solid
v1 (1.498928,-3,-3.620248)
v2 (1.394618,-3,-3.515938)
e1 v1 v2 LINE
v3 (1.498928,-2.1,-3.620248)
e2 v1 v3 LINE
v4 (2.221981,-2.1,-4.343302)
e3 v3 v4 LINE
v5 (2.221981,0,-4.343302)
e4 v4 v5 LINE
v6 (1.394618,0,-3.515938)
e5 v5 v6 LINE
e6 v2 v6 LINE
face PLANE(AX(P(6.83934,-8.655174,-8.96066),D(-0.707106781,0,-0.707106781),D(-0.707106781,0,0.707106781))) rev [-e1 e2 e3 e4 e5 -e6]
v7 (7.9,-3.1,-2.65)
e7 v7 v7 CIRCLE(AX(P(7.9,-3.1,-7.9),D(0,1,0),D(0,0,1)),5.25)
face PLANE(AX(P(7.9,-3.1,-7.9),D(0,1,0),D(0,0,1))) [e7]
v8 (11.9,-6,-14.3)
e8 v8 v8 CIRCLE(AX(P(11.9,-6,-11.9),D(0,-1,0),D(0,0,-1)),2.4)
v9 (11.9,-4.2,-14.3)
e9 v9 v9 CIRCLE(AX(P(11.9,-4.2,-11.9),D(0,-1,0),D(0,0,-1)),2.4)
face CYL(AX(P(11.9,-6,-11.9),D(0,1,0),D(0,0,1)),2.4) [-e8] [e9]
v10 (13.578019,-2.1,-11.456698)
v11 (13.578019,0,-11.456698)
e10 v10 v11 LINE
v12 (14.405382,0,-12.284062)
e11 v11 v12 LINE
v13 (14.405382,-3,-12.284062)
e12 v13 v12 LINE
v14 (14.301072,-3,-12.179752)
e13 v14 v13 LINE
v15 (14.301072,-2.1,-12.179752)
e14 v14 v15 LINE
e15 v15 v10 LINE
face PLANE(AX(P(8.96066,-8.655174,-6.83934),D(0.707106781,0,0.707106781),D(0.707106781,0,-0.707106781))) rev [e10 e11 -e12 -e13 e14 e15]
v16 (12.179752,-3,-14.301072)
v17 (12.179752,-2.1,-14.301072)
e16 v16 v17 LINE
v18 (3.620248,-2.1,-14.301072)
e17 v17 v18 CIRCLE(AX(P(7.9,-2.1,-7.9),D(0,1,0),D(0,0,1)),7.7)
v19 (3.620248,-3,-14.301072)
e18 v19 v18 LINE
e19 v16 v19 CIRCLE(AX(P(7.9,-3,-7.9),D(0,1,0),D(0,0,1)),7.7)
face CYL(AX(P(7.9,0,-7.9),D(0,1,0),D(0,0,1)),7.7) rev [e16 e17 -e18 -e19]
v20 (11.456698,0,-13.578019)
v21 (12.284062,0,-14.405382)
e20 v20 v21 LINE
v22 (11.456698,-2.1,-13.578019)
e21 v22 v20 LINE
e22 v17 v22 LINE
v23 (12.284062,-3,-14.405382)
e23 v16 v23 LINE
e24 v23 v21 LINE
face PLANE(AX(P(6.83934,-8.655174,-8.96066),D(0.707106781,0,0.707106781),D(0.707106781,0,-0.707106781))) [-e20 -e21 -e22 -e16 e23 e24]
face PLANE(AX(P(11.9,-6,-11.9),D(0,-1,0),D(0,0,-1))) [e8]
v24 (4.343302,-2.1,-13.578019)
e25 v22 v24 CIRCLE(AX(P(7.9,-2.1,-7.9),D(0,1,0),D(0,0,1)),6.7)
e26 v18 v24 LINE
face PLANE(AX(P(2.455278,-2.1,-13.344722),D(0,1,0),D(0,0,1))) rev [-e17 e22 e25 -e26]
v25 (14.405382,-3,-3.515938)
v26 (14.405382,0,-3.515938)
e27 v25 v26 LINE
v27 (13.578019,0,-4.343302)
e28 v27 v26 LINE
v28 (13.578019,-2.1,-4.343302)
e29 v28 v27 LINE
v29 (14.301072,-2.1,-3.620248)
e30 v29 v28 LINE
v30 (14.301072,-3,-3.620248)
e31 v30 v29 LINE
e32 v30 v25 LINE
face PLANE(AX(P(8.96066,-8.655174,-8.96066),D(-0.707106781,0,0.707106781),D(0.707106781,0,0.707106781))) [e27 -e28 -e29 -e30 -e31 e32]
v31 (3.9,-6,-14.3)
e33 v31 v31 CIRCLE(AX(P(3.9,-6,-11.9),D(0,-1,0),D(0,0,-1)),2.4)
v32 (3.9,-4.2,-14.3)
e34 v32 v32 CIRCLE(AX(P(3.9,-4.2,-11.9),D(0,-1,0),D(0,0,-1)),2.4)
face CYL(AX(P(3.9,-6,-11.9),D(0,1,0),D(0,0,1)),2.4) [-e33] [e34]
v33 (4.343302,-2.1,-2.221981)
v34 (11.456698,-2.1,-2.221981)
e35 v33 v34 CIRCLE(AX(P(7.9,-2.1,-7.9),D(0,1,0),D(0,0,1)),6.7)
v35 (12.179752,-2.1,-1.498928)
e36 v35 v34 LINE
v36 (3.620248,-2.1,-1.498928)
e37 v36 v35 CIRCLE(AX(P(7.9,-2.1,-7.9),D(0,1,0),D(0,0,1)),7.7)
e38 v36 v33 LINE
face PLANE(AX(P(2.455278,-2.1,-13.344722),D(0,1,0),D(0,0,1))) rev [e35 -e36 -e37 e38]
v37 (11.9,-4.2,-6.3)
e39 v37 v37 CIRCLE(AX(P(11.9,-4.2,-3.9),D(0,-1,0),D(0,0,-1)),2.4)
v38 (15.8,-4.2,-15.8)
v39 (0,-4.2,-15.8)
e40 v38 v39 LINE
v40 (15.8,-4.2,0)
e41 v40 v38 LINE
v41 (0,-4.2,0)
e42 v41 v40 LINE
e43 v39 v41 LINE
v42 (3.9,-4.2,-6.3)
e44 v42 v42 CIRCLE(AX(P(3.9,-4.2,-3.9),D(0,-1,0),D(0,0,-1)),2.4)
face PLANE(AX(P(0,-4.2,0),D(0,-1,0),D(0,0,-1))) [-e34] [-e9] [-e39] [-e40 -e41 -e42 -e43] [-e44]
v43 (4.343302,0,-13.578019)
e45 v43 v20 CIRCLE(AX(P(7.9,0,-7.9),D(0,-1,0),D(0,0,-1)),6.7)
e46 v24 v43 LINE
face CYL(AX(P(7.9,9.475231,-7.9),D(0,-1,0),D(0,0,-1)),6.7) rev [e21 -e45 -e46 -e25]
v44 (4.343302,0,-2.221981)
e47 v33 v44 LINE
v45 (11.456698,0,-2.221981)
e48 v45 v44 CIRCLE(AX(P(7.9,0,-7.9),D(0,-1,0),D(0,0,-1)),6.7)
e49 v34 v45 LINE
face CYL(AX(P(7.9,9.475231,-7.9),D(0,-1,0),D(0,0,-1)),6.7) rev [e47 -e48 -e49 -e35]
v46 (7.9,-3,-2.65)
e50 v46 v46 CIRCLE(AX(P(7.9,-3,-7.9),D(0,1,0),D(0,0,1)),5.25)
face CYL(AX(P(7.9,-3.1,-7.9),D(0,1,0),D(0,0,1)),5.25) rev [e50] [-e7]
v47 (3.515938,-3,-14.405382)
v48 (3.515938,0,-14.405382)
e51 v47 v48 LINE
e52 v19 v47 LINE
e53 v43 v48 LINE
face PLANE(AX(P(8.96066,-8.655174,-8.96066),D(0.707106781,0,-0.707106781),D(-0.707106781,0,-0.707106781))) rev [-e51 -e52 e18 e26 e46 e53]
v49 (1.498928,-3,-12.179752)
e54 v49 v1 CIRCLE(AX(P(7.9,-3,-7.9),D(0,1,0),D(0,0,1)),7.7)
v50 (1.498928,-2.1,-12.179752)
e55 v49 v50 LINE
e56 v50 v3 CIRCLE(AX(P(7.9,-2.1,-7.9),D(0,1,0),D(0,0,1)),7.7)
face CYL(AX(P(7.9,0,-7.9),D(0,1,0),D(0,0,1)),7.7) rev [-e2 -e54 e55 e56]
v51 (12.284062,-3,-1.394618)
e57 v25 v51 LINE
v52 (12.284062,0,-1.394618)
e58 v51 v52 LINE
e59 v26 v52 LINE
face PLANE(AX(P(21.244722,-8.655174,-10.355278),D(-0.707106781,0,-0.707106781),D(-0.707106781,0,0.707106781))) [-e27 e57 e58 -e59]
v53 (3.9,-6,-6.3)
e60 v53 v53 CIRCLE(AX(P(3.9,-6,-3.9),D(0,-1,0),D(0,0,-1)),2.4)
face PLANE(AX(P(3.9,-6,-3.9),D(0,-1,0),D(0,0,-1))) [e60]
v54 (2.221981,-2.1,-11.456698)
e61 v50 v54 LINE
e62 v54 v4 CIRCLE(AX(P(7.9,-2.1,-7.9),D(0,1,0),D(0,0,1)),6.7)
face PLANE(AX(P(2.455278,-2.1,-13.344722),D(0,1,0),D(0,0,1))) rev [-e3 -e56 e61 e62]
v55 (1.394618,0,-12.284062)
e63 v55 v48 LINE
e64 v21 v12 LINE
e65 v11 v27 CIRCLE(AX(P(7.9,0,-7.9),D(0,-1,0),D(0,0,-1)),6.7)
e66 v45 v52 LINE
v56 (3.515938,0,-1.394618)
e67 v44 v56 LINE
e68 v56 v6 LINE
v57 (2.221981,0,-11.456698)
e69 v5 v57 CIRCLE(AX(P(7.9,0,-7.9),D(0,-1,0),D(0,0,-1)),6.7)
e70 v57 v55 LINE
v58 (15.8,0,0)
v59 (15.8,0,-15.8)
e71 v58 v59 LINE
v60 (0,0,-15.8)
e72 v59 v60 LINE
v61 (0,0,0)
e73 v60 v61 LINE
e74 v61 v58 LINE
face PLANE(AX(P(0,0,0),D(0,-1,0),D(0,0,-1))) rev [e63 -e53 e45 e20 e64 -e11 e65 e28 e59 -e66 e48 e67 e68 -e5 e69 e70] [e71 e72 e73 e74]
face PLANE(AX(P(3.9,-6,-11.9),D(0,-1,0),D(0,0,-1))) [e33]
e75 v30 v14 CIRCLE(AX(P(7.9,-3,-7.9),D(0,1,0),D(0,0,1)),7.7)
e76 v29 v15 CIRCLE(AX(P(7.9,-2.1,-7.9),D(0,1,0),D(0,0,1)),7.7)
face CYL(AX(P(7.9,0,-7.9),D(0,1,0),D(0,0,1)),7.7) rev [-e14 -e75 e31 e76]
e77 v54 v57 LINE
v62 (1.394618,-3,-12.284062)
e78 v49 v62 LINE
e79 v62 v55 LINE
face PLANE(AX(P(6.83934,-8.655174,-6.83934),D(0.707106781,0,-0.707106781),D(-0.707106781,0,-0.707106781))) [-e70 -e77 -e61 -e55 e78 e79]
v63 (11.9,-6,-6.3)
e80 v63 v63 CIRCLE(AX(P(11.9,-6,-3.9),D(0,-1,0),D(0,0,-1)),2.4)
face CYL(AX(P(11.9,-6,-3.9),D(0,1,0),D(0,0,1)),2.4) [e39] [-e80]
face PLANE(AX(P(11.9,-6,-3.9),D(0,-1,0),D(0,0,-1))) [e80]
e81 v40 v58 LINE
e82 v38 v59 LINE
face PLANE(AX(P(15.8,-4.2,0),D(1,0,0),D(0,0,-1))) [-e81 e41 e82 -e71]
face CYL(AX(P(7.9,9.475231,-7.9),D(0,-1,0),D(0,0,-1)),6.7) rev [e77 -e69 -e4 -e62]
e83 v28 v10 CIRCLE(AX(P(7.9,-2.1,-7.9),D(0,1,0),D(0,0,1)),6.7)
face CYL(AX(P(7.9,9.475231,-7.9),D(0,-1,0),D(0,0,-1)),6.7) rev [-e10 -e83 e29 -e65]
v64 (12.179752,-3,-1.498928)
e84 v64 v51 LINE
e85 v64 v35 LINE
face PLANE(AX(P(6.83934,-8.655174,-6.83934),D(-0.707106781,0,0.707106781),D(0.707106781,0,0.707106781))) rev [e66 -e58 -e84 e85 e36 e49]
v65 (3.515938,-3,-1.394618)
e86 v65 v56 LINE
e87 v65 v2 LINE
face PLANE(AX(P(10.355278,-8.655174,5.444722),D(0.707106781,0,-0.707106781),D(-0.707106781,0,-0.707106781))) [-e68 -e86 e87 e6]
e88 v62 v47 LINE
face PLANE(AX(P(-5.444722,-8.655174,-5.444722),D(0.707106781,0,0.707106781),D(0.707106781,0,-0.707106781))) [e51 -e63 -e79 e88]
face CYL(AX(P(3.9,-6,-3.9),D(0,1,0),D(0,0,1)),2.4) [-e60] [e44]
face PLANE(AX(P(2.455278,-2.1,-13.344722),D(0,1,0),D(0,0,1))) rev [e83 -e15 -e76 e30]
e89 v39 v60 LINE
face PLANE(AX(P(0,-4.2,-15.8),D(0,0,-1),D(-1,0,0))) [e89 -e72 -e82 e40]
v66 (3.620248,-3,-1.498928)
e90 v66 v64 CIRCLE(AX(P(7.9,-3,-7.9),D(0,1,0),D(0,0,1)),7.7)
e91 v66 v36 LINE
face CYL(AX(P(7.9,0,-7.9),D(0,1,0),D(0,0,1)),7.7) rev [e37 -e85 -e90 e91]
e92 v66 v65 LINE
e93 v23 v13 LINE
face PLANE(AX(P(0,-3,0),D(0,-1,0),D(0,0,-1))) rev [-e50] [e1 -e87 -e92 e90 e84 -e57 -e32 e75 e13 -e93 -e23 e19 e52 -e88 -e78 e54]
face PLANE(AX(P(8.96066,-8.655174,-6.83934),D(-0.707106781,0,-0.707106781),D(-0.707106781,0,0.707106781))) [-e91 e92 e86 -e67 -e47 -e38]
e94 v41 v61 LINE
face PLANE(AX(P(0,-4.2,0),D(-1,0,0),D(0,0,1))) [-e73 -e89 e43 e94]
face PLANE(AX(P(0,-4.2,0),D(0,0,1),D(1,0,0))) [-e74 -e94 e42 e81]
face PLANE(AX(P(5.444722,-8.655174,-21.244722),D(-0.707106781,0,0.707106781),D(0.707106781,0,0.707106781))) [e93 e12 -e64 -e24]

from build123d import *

# Parameters (mm, degrees)
SKETCH2_W            = 15.8
SKETCH2_H            = 15.8
BOSS_EXTRUDE2_DEPTH  = 4.2
SKETCH4_W            = 13.4
SKETCH4_H            = 13.4
CUT_EXTRUDE1_DEPTH   = 3
SKETCH6_R            = 2.4
BOSS_EXTRUDE4_DEPTH  = 1.8
LPATTERN1_COUNT      = 2
LPATTERN1_PITCH      = 8
LPATTERN1_COUNT_DIR2 = 2
LPATTERN1_PITCH_DIR2 = 8
SKETCH8_R            = 5.25
CUT_EXTRUDE2_DEPTH   = 0.1
BOSS_EXTRUDE9_DEPTH  = 3
CUT_EXTRUDE3_DEPTH   = 3
CIRPATTERN3_COUNT    = 4
SKETCH19_W           = 1.484523383
SKETCH19_H           = 0.9


with BuildPart() as part:
    # Sketch2 → Boss-Extrude2 (new body)
    with BuildSketch(Plane(origin=(0, 0, 0), x_dir=(1, 0, 0), z_dir=(0, 1, 0))):
        with Locations((7.9, 7.9)):
            Rectangle(SKETCH2_W, SKETCH2_H)
    extrude(amount=-BOSS_EXTRUDE2_DEPTH)

    # Sketch4 → Cut-Extrude1 (cut)
    with BuildSketch(Plane(origin=(0, 0, 0), x_dir=(1, 0, 0), z_dir=(0, 1, 0))):
        with Locations((7.9, 7.9)):
            Rectangle(SKETCH4_W, SKETCH4_H)
    extrude(amount=-CUT_EXTRUDE1_DEPTH, mode=Mode.SUBTRACT)

    # Sketch6 → Boss-Extrude4 (add)
    with BuildSketch(Plane(origin=(0, -4.2, 0), x_dir=(-1, 0, 0), z_dir=(0, -1, 0))):
        with Locations((-11.9, 11.9)):
            Circle(SKETCH6_R)
    boss_extrude4 = extrude(amount=BOSS_EXTRUDE4_DEPTH)

    # LPattern1: Boss-Extrude4 2 × 2
    with Locations(*[(-j * LPATTERN1_PITCH_DIR2, 0, i * LPATTERN1_PITCH) for i in range(LPATTERN1_COUNT) for j in range(LPATTERN1_COUNT_DIR2) if (i, j) != (0, 0)]):
        add(boss_extrude4)

    # Sketch8 → Cut-Extrude2 (cut)
    with BuildSketch(Plane(origin=(0, -3, 0), x_dir=(1, 0, 0), z_dir=(0, 1, 0))):
        with Locations((7.9, 7.9)):
            Circle(SKETCH8_R)
    extrude(amount=-CUT_EXTRUDE2_DEPTH, mode=Mode.SUBTRACT)

    # Sketch11 → Boss-Extrude9 (add)
    with BuildSketch(Plane(origin=(0, -3, 0), x_dir=(1, 0, 0), z_dir=(0, 1, 0))):
        with BuildLine():
            Line((7.899999971, 14.6), (1.2, 14.6))
            Line((1.2, 14.6), (1.2, 7.9))
            ThreePointArc((1.2, 7.9), (3.162384556, 12.637615424), (7.899999971, 14.6))
        make_face()
        with BuildLine():
            Line((14.6, 14.6), (7.899999971, 14.6))
            ThreePointArc((7.899999971, 14.6), (12.637615424, 12.637615444), (14.6, 7.9))
            Line((14.6, 7.9), (14.6, 14.6))
        make_face()
        with BuildLine():
            ThreePointArc((7.900000011, 1.2), (3.16238457, 3.162384562), (1.2, 7.9))
            Line((1.2, 7.9), (1.2, 1.2))
            Line((1.2, 1.2), (7.900000011, 1.2))
        make_face()
        with BuildLine():
            Line((14.6, 1.2), (14.6, 7.9))
            ThreePointArc((14.6, 7.9), (12.637615438, 3.16238457), (7.900000011, 1.2))
            Line((7.900000011, 1.2), (14.6, 1.2))
        make_face()
    extrude(amount=BOSS_EXTRUDE9_DEPTH)

    # Sketch12 → Cut-Extrude3 (cut)
    with BuildSketch(Plane(origin=(0, 0, 0), x_dir=(1, 0, 0), z_dir=(0, 1, 0))):
        Polygon((3.162384566, 12.637615434), (2.455277785, 13.344722215), (1.394617613, 12.284062043), (2.101724394, 11.576955262), align=None)
        with BuildLine():
            ThreePointArc((2.221981276, 11.45669838), (2.658816927, 12.073727351), (3.162384566, 12.637615434))
            Line((3.162384566, 12.637615434), (2.101724394, 11.576955262))
            Line((2.101724394, 11.576955262), (2.221981276, 11.45669838))
        make_face()
        with BuildLine():
            Line((4.223044738, 13.698275606), (3.162384566, 12.637615434))
            ThreePointArc((3.162384566, 12.637615434), (3.726272649, 13.141183073), (4.34330162, 13.578018724))
            Line((4.34330162, 13.578018724), (4.223044738, 13.698275606))
        make_face()
        Polygon((3.515937957, 14.405382387), (2.455277785, 13.344722215), (3.162384566, 12.637615434), (4.223044738, 13.698275606), align=None)
        with BuildLine():
            ThreePointArc((4.34330162, 13.578018724), (3.726272649, 13.141183073), (3.162384566, 12.637615434))
            ThreePointArc((3.162384566, 12.637615434), (2.658816927, 12.073727351), (2.221981276, 11.45669838))
            Line((2.221981276, 11.45669838), (2.423581348, 11.255098309))
            Line((2.423581348, 11.255098309), (4.544901691, 13.376418652))
            Line((4.544901691, 13.376418652), (4.34330162, 13.578018724))
        make_face()
        with BuildLine():
            ThreePointArc((14.6, 7.9), (11.145005458, 13.761735202), (4.34330162, 13.578018724))
            Line((4.34330162, 13.578018724), (4.544901691, 13.376418652))
            Line((4.544901691, 13.376418652), (2.423581348, 11.255098309))
            Line((2.423581348, 11.255098309), (2.221981276, 11.45669838))
            ThreePointArc((2.221981276, 11.45669838), (6.049692654, 1.460561925), (14.6, 7.9))
        make_face()
    cut_extrude3 = extrude(amount=-CUT_EXTRUDE3_DEPTH, mode=Mode.SUBTRACT)

    # CirPattern3: Cut-Extrude3 ×4 about axis
    cirpattern3_axis = Axis((7.9, 0, -7.9), (0, 1, 0))
    for i in range(1, CIRPATTERN3_COUNT):
        add(cut_extrude3.rotate(cirpattern3_axis, i * 360 / CIRPATTERN3_COUNT), mode=Mode.SUBTRACT)

    # Sketch19 → Cut-Revolve1 (revolve, cut)
    with BuildSketch(Plane(origin=(7.9, 0, -7.9), x_dir=(0.707106781, 0, 0.707106781), z_dir=(-0.707106781, 0, 0.707106781))):
        with Locations((-6.957738308, -2.55)):
            Rectangle(SKETCH19_W, SKETCH19_H)
    revolve(axis=Axis((7.9, 0, -7.9), (0, -1, 0)), mode=Mode.SUBTRACT)


solid = part.part
